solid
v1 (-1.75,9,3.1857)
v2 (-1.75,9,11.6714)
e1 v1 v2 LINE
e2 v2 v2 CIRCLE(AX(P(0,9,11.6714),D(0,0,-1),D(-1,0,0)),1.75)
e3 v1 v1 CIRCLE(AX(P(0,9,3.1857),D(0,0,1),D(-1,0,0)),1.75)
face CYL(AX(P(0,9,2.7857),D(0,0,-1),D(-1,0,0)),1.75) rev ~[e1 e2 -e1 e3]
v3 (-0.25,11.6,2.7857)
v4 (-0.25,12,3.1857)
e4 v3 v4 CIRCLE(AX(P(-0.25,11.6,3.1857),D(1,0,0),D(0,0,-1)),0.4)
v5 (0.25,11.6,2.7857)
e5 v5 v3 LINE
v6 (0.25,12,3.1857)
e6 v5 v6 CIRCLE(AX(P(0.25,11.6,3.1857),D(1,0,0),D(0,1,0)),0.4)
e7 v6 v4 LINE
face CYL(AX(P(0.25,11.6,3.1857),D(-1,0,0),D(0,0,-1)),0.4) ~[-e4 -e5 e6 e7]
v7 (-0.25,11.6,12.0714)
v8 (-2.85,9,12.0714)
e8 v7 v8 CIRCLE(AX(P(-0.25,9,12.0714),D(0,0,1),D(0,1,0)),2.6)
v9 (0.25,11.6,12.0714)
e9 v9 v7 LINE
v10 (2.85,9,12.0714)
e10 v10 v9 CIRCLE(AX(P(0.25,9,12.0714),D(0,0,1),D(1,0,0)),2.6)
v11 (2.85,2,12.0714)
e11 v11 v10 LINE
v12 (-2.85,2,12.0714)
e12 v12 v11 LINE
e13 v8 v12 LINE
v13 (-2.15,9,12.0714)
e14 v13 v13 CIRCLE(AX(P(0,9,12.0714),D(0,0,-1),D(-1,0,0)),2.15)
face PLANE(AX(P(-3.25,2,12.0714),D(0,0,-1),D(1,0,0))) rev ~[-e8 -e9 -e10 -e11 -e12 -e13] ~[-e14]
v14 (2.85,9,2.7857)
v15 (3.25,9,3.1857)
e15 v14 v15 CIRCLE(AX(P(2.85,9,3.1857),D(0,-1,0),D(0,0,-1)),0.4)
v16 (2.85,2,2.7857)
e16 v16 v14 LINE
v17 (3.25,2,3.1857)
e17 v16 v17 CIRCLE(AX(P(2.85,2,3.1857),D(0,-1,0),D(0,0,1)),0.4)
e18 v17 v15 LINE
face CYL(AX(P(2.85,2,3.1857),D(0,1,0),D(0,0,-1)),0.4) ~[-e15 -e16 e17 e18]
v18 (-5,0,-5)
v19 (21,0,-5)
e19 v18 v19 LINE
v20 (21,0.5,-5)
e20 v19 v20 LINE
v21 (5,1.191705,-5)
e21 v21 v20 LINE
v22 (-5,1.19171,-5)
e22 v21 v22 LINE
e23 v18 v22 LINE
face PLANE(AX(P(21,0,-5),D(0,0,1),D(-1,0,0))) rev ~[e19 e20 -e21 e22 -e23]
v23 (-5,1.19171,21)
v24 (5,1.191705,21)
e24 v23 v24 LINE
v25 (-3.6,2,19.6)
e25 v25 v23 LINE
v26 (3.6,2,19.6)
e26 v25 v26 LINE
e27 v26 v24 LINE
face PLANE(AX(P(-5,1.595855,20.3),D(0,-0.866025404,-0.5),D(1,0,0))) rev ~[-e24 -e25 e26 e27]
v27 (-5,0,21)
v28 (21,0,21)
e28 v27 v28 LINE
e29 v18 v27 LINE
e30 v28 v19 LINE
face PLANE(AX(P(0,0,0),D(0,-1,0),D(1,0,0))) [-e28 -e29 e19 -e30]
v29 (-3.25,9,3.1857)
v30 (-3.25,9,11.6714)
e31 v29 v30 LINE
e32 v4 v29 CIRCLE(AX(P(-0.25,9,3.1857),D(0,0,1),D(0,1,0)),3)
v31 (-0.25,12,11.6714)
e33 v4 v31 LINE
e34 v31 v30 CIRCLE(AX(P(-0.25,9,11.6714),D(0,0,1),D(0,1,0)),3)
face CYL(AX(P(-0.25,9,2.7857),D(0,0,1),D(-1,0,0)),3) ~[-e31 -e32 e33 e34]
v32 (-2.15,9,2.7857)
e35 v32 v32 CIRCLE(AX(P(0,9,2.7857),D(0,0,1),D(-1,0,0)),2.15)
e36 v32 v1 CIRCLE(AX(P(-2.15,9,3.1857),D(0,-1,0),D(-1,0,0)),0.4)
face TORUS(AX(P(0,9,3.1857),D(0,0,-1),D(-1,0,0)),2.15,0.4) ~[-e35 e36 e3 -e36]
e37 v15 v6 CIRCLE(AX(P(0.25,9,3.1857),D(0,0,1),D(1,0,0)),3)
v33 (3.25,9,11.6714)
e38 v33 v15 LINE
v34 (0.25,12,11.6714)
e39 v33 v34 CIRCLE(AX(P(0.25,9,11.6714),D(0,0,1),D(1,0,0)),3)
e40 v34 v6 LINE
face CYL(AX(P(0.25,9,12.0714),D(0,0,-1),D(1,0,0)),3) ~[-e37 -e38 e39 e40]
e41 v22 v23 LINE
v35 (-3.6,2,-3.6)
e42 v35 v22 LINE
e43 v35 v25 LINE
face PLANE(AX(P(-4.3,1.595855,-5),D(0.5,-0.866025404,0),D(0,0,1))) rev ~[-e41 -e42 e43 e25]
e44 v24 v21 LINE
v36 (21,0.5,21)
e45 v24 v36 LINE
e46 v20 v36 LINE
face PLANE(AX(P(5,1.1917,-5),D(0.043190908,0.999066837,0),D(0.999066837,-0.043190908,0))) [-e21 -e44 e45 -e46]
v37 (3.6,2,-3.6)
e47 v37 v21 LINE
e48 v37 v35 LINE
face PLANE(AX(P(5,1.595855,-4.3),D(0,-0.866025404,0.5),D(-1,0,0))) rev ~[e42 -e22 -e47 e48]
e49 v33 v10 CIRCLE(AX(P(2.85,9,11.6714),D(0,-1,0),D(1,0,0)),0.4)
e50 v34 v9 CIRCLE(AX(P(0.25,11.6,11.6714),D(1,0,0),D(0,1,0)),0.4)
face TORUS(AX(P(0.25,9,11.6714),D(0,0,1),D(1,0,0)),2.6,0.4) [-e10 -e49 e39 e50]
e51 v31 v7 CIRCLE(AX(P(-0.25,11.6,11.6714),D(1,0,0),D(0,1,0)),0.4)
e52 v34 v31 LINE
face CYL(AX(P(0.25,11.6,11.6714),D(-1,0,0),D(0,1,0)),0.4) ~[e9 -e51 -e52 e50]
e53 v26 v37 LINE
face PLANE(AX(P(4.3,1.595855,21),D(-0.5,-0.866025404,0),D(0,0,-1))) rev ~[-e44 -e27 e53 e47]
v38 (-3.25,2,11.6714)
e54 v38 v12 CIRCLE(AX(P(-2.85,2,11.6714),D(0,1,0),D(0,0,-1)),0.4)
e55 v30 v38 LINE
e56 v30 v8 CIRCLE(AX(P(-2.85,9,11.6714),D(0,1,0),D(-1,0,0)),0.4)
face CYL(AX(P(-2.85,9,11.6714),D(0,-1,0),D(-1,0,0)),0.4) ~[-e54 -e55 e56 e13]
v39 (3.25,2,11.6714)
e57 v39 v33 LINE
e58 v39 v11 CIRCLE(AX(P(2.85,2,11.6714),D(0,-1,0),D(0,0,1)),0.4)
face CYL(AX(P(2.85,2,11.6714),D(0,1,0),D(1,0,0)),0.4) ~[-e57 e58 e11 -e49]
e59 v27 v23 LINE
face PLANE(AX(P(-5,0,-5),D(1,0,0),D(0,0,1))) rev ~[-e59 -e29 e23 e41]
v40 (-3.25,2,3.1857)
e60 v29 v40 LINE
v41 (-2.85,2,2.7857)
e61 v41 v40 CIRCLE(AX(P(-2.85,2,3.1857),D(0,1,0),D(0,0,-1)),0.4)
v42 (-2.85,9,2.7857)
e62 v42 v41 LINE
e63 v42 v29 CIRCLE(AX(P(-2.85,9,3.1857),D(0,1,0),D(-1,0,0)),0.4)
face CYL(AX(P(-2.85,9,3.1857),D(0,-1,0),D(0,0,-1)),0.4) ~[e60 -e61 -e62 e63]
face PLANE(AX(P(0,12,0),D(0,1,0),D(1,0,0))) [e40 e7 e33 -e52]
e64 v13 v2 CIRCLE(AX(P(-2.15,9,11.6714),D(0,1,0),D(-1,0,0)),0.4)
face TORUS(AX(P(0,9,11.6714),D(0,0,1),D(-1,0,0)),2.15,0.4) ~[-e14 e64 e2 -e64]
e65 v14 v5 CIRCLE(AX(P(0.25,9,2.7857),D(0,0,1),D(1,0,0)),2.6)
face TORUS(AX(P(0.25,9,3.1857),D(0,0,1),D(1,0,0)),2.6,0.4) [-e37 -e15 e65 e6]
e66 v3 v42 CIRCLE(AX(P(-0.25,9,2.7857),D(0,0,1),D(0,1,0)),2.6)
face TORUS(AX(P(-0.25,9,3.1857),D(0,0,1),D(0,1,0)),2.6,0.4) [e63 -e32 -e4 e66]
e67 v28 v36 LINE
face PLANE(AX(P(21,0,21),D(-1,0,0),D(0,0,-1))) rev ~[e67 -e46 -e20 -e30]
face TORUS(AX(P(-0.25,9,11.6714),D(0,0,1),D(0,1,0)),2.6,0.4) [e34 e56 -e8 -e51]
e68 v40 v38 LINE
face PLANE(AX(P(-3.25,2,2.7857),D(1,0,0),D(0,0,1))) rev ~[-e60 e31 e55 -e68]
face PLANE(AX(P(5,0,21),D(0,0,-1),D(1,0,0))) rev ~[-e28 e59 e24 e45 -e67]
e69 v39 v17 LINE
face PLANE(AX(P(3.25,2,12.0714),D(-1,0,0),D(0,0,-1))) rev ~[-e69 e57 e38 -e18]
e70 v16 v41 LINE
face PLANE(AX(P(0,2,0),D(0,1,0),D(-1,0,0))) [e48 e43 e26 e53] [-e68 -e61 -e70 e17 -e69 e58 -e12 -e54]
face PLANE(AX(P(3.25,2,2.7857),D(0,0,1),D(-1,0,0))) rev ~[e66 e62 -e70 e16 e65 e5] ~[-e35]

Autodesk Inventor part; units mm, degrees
ref_plane "YZ Plane" through (0, 0, 0) normal (1, 0, 0) x (0, 1, 0)
ref_plane "XZ Plane" through (0, 0, 0) normal (0, 1, 0) x (-1, 0, 0)
ref_plane "XY Plane" through (0, 0, 0) normal (0, 0, 1) x (1, 0, 0)
sketch "Эскиз1" plane through (0, 0, 0) normal (0, 1, 0) x (-1, 0, 0)
  line L0 (3.5, 13) -> (-3.5, 13)
  line L1 (-3.5, 13) -> (-3.5, 3)
  line L2 (-3.5, 3) -> (3.5, 3)
  line L3 (3.5, 3) -> (3.5, 13)
  line L4 (3.5, 13) -> (-3.5, 3) construction
  line L5 (-3.5, 13) -> (3.5, 3) construction
  line L6 (5, 21) -> (-5, 21)
  line L7 (-5, 21) -> (-5, -5)
  line L8 (-5, -5) -> (5, -5)
  line L9 (5, -5) -> (5, 21)
  line L10 (5, 21) -> (-5, -5) construction
  line L11 (-5, 21) -> (5, -5) construction
  point P0 (0, 0)
  point P1 (0, 8)
  point P2 (0, 8)
  dimension "d0" = 7
  dimension "d1" = 10
extrude "Выдавливание1" add sketch "Эскиз1" along normal blind 2 contours L3 L2 L1 L0 | L9 L8 L7 L6
sketch "Эскиз2" plane through (0, 2, 0) normal (0, 1, 0) x (1, 0, 0)
  line L0 (-5, -21) -> (5, -21) projected
  line L1 (5, -21) -> (5, 5) projected
  line L2 (5, 5) -> (-5, 5) projected
  line L3 (-5, 5) -> (-5, -21) projected
  point P0 (0, 0)
chamfer "Фаска1" distance 1.4 angle 30 4 edges at (0, 2, 21) (5, 2, 8) (0, 2, -5) (-5, 2, 8) measured on face at (1.6667, 2, 12.3333)
sketch "Эскиз3" plane through (0, 2, 0) normal (0, 1, 0) x (1, 0, 0)
  line L0 (-3.25, -12.0714) -> (3.25, -12.0714)
  line L1 (3.25, -12.0714) -> (3.25, -2.7857)
  line L2 (3.25, -2.7857) -> (-3.25, -2.7857)
  line L3 (-3.25, -2.7857) -> (-3.25, -12.0714)
  line L4 (-3.25, -12.0714) -> (3.25, -2.7857) construction
  line L5 (3.25, -12.0714) -> (-3.25, -2.7857) construction
  point P0 (0, 0)
  point P1 (0, -7.4286)
  dimension "d7" = 6.5
extrude "Выдавливание2" add sketch "Эскиз3" along normal blind 10
fillet "Сопряжение1" radius 3 2 edges at (3.25, 12, 7.4286) (-3.25, 12, 7.4286)
sketch "Эскиз4" plane through (3.25, 2, 2.7857) normal (0, 0, -1) x (-1, 0, 0)
  line L0 (3, 10) -> (3.5, 10) projected
  line L1 (3.25, 10) -> (3.25, 7)
  circle A0 centre (3.25, 7) radius 1.75
  point P0 (3.25, -2)
  dimension "d11" = 3
  dimension "d12" = 3.5
extrude "Выдавливание3" cut sketch "Эскиз4" against normal blind 10
fillet "Сопряжение2" radius 0.4 2 edges at (1.75, 9, 2.7857) (1.75, 9, 12.0714)
fillet "Сопряжение3" radius 0.4 10 edges at (3.25, 5.5, 12.0714) (0, 12, 12.0714) (-2.3713, 11.1213, 12.0714) (-3.25, 5.5, 12.0714) (2.3713, 11.1213, 12.0714) (0, 12, 2.7857) (-2.3713, 11.1213, 2.7857) (-3.25, 5.5, 2.7857) (3.25, 5.5, 2.7857) (2.3713, 11.1213, 2.7857)
sketch "Эскиз5" plane through (0, 0, 0) normal (0, -1, 0) x (1, 0, 0)
  line L0 (-5, 21) -> (5, 21) projected
  line L1 (-5, -5) -> (-5, 21) projected
  line L2 (5, -5) -> (-5, -5) projected
  line L3 (5, 21) -> (5, -5) projected
  line L4 (-5, 21) -> (21, 21)
  line L5 (21, 21) -> (21, -5)
  line L6 (21, -5) -> (-5, -5)
  line L7 (-5, -5) -> (-5, 21)
  point P0 (0, 0)
extrude "Выдавливание4" add sketch "Эскиз5" against normal blind 2 contours L4 L5 L6 L3
sketch "Эскиз6" plane through (-5, 0, -5) normal (0, 0, -1) x (-1, 0, 0)
  line L0 (-10, 1.1917) -> (0, 1.1917) projected
  line L1 (-10, 1.1917) -> (-10, 2) projected
  line L2 (-26, 2) -> (-10, 2) projected
  line L3 (-26, 0) -> (-26, 2) projected
  line L4 (0, 0) -> (-26, 0) projected
  line L5 (0, 0) -> (0, 1.1917) projected
  point P0 (-5, 0)
sketch "Эскиз7" plane through (-5, 0, -5) normal (0, 0, -1) x (-1, 0, 0)
  line L0 (-10, 1.1917) -> (0, 1.1917) projected
  line L1 (-10, 1.1917) -> (-10, 2) projected
  line L2 (0, 0) -> (-26, 0) projected
  line L3 (0, 0) -> (0, 1.1917) projected
  line L4 (-10, 2) -> (-26, 2)
  line L5 (-26, 2) -> (-26, 0.5)
  line L6 (-26, 0) -> (-10, 0)
  line L7 (-10, 0) -> (-10, 1.1917)
  line L8 (-26, 1) -> (-26, 0)
  line L9 (-10, 1.1917) -> (-26, 0.5)
  line L10 (-26, 0.5) -> (-26, 0)
  line L11 (-10, 1.1917) -> (-10, 2)
  line L12 (-10, 1.1917) -> (-10, 2)
  line L13 (-10, 0) -> (-10, 1.1917)
  point P0 (-5, 0)
extrude "Выдавливание5" cut sketch "Эскиз7" against normal blind 26 contours L9 L5 L4 L1
properties part number "ESP_DISP_LG"
